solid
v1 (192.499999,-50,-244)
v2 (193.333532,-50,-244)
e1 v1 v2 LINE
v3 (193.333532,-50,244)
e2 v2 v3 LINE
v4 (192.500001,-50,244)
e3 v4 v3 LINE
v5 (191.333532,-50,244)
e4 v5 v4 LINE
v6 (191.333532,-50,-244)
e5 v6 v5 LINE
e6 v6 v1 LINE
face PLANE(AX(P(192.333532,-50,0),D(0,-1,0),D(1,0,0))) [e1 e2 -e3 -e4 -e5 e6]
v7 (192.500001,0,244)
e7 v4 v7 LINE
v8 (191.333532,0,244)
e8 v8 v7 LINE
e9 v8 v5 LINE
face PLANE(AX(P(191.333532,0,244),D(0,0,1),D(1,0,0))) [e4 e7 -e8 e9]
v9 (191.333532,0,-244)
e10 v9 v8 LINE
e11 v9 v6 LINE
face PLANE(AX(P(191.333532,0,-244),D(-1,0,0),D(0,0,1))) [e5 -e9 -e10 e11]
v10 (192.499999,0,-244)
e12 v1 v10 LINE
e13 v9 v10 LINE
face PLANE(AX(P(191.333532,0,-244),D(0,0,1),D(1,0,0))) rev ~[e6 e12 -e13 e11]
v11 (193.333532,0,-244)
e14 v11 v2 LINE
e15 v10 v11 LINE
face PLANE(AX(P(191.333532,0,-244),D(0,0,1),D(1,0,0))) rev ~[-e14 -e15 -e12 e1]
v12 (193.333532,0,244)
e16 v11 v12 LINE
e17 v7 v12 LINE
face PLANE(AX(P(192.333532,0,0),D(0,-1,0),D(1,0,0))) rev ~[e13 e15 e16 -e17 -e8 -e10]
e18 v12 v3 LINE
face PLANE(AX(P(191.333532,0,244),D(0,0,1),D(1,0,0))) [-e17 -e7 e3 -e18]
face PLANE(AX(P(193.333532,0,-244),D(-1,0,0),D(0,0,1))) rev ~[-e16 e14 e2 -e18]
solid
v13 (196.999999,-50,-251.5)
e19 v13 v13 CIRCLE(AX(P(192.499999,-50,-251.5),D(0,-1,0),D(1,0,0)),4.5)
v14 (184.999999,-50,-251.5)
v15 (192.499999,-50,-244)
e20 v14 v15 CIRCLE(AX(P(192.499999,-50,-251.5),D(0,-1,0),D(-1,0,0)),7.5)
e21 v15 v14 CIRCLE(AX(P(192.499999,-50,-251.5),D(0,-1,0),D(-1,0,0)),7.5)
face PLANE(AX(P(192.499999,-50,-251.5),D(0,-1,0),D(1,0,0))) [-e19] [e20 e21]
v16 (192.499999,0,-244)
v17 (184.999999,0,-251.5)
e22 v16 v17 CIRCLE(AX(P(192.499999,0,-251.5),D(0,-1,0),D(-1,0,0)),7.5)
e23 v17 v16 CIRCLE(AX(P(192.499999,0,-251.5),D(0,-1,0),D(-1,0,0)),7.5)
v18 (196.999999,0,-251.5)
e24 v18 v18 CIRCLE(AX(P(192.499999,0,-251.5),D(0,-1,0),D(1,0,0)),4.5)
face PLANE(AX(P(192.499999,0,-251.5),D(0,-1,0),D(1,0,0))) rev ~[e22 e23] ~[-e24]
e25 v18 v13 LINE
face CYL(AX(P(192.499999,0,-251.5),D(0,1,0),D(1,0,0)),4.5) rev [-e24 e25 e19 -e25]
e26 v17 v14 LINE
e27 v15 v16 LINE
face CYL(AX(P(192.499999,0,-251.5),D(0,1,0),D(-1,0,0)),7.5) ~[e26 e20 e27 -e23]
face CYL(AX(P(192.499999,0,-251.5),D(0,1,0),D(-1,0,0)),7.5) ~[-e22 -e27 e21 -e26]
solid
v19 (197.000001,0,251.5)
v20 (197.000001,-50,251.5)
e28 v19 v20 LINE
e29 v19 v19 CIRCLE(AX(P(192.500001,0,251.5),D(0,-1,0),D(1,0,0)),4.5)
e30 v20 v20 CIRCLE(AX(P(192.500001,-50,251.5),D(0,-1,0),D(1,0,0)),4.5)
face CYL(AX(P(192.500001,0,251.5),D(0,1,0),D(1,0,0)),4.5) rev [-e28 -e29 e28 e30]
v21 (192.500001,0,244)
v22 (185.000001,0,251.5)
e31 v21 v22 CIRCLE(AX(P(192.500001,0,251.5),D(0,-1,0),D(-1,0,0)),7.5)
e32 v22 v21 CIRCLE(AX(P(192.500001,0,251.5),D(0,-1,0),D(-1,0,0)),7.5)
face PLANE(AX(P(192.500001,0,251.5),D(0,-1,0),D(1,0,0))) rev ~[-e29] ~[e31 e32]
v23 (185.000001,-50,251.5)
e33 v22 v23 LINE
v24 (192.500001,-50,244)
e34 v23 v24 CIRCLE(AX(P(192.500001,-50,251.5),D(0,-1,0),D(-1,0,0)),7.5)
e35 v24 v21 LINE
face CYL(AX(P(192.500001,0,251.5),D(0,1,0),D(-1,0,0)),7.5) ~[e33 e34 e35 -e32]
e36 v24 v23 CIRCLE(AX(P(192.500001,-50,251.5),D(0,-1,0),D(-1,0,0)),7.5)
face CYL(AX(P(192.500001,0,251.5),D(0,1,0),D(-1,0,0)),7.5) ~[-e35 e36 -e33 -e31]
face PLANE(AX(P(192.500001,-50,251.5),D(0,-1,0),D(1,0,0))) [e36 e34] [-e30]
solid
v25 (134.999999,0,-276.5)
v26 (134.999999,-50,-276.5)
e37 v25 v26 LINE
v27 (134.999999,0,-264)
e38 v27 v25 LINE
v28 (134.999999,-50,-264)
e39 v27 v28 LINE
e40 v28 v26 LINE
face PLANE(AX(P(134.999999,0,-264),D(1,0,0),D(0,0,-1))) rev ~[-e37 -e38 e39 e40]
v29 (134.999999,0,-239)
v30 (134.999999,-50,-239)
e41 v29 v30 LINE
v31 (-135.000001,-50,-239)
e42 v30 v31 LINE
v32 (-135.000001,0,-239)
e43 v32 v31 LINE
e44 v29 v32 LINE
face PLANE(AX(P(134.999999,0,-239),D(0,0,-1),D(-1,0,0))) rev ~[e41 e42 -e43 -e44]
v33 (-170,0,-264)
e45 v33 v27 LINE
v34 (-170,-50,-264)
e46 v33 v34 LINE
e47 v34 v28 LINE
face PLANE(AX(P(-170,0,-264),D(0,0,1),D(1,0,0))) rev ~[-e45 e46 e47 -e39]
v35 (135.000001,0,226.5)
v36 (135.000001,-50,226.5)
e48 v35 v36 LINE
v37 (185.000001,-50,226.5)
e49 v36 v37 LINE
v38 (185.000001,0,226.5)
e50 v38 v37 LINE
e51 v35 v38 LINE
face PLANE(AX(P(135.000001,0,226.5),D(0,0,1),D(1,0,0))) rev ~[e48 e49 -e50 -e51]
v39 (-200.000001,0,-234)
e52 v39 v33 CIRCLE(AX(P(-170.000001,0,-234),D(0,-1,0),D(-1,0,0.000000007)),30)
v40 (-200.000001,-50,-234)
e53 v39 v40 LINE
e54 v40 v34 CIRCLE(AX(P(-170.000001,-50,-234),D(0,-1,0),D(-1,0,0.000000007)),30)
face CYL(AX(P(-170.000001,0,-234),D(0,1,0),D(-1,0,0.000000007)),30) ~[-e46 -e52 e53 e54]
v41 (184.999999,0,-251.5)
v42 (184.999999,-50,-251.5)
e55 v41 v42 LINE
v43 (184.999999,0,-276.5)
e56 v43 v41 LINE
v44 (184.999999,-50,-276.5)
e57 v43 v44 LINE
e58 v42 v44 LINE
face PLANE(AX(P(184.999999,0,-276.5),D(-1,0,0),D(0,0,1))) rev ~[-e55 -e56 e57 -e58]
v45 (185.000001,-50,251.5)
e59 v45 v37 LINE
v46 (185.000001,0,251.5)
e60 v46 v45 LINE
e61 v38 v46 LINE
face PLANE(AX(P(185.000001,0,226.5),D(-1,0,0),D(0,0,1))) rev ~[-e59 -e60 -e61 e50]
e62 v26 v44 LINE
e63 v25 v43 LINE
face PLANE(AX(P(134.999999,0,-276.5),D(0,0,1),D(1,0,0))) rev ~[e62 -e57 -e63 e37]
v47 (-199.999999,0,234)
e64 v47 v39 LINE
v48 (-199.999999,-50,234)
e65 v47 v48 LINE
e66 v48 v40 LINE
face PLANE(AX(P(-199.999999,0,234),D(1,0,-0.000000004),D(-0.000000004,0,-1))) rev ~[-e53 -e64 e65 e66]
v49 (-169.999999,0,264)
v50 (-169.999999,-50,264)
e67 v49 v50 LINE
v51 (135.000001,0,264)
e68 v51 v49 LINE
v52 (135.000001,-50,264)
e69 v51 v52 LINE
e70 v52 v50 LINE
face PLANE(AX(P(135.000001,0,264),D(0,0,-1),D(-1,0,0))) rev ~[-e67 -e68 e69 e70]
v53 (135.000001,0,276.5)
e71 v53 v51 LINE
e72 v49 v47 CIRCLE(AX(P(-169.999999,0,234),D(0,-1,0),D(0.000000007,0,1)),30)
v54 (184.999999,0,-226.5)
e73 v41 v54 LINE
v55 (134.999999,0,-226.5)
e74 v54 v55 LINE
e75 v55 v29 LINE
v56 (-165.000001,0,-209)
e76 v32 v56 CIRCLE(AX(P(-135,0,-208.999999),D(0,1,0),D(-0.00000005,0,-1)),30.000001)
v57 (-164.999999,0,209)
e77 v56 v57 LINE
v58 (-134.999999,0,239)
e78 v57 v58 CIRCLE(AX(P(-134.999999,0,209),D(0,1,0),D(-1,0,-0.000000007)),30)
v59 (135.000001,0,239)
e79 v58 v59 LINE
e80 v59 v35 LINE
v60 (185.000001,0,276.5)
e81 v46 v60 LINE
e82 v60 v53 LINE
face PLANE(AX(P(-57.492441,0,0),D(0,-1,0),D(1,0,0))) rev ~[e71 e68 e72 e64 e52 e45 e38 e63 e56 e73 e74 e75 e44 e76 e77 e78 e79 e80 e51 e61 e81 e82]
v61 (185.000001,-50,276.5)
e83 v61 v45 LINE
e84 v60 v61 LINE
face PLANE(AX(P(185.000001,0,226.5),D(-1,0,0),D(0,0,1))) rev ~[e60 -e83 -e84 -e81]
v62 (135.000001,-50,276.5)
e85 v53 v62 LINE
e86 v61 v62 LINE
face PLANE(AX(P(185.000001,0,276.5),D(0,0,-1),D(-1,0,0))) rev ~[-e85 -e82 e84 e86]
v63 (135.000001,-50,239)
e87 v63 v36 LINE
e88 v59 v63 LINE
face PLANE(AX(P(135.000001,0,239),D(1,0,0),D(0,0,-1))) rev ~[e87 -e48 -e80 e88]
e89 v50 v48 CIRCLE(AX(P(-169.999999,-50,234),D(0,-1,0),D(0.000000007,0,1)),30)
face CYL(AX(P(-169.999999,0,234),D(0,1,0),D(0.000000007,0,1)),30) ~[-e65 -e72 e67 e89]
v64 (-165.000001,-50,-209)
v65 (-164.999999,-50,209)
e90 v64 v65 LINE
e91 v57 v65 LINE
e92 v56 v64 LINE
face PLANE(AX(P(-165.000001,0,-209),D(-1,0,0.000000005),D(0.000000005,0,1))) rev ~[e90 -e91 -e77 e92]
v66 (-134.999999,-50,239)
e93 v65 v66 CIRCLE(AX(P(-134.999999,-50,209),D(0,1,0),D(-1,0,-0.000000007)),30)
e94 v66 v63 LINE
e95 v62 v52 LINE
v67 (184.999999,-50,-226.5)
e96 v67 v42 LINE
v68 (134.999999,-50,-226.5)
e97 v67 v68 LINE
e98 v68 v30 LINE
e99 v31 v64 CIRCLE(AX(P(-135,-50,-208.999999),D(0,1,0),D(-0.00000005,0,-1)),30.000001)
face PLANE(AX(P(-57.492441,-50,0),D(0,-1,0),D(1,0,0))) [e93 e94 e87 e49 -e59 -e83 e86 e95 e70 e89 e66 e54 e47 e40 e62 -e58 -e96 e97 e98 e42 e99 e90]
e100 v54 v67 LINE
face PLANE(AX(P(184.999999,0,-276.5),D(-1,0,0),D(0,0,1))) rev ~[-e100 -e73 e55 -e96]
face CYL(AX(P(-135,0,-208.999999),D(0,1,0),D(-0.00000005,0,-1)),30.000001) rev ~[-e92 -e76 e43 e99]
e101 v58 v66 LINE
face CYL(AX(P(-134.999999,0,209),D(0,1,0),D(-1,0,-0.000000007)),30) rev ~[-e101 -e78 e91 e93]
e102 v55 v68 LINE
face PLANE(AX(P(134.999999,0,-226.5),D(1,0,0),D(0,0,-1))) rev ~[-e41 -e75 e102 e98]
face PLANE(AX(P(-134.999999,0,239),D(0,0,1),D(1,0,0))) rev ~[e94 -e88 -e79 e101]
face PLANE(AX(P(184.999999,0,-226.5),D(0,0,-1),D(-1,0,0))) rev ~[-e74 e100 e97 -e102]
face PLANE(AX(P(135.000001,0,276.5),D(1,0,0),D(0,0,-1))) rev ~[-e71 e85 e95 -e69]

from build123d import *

# Parameters (mm, degrees)
F0_R     = 4.5
F1_DEPTH = 50
F2_W     = 2
F2_H     = 488
F3_DEPTH = 50


with BuildPart() as f1:
    # F0 (on Front) → F1 (new body)
    with BuildSketch(Plane.XZ):
        with BuildLine():
            Line((135.000001, 276.5), (135.000001, 264))
            Line((135.000001, 264), (-169.999999, 264))
            ThreePointArc((-169.999999, 264), (-191.213203, 255.213203), (-199.999999, 234))
            Line((-199.999999, 234), (-200.000001, -234))
            ThreePointArc((-200.000001, -234), (-191.213204, -255.213204), (-170, -264))
            Line((-170, -264), (134.999999, -264))
            Line((134.999999, -264), (134.999999, -276.5))
            Line((134.999999, -276.5), (140, -276.5))
            Line((140, -276.5), (184.999999, -276.5))
            Line((184.999999, -276.5), (184.999999, -251.5))
            Line((184.999999, -251.5), (184.999999, -226.5))
            Line((184.999999, -226.5), (134.999999, -226.5))
            Line((134.999999, -226.5), (134.999999, -239))
            Line((134.999999, -239), (-135.000001, -239))
            ThreePointArc((-135.000001, -239), (-156.213204, -230.213203), (-165.000001, -209))
            Line((-165.000001, -209), (-164.999999, 209))
            ThreePointArc((-164.999999, 209), (-156.213203, 230.213203), (-134.999999, 239))
            Line((-134.999999, 239), (135.000001, 239))
            Line((135.000001, 239), (135.000001, 226.5))
            Line((135.000001, 226.5), (185.000001, 226.5))
            Line((185.000001, 226.5), (185.000001, 251.5))
            Line((185.000001, 251.5), (185.000001, 276.5))
            Line((185.000001, 276.5), (135.000001, 276.5))
        make_face()
        with BuildLine():
            ThreePointArc((200.000001, 251.5), (192.500001, 259), (185.000001, 251.5))
            ThreePointArc((185.000001, 251.5), (192.500001, 244), (200.000001, 251.5))
        make_face()
        with Locations((192.500001, 251.5)):
            Circle(F0_R, mode=Mode.SUBTRACT)
        with BuildLine():
            ThreePointArc((199.999999, -251.5), (192.499999, -244), (184.999999, -251.5))
            ThreePointArc((184.999999, -251.5), (192.499999, -259), (199.999999, -251.5))
        make_face()
        with Locations((192.499999, -251.5)):
            Circle(F0_R, mode=Mode.SUBTRACT)
    extrude(amount=F1_DEPTH)

    # F2 (on Front) → F3 (join)
    with BuildSketch(Plane.XZ):
        with Locations((192.333532, 0)):
            Rectangle(F2_W, F2_H)
    extrude(amount=F3_DEPTH)


solid = f1.part
